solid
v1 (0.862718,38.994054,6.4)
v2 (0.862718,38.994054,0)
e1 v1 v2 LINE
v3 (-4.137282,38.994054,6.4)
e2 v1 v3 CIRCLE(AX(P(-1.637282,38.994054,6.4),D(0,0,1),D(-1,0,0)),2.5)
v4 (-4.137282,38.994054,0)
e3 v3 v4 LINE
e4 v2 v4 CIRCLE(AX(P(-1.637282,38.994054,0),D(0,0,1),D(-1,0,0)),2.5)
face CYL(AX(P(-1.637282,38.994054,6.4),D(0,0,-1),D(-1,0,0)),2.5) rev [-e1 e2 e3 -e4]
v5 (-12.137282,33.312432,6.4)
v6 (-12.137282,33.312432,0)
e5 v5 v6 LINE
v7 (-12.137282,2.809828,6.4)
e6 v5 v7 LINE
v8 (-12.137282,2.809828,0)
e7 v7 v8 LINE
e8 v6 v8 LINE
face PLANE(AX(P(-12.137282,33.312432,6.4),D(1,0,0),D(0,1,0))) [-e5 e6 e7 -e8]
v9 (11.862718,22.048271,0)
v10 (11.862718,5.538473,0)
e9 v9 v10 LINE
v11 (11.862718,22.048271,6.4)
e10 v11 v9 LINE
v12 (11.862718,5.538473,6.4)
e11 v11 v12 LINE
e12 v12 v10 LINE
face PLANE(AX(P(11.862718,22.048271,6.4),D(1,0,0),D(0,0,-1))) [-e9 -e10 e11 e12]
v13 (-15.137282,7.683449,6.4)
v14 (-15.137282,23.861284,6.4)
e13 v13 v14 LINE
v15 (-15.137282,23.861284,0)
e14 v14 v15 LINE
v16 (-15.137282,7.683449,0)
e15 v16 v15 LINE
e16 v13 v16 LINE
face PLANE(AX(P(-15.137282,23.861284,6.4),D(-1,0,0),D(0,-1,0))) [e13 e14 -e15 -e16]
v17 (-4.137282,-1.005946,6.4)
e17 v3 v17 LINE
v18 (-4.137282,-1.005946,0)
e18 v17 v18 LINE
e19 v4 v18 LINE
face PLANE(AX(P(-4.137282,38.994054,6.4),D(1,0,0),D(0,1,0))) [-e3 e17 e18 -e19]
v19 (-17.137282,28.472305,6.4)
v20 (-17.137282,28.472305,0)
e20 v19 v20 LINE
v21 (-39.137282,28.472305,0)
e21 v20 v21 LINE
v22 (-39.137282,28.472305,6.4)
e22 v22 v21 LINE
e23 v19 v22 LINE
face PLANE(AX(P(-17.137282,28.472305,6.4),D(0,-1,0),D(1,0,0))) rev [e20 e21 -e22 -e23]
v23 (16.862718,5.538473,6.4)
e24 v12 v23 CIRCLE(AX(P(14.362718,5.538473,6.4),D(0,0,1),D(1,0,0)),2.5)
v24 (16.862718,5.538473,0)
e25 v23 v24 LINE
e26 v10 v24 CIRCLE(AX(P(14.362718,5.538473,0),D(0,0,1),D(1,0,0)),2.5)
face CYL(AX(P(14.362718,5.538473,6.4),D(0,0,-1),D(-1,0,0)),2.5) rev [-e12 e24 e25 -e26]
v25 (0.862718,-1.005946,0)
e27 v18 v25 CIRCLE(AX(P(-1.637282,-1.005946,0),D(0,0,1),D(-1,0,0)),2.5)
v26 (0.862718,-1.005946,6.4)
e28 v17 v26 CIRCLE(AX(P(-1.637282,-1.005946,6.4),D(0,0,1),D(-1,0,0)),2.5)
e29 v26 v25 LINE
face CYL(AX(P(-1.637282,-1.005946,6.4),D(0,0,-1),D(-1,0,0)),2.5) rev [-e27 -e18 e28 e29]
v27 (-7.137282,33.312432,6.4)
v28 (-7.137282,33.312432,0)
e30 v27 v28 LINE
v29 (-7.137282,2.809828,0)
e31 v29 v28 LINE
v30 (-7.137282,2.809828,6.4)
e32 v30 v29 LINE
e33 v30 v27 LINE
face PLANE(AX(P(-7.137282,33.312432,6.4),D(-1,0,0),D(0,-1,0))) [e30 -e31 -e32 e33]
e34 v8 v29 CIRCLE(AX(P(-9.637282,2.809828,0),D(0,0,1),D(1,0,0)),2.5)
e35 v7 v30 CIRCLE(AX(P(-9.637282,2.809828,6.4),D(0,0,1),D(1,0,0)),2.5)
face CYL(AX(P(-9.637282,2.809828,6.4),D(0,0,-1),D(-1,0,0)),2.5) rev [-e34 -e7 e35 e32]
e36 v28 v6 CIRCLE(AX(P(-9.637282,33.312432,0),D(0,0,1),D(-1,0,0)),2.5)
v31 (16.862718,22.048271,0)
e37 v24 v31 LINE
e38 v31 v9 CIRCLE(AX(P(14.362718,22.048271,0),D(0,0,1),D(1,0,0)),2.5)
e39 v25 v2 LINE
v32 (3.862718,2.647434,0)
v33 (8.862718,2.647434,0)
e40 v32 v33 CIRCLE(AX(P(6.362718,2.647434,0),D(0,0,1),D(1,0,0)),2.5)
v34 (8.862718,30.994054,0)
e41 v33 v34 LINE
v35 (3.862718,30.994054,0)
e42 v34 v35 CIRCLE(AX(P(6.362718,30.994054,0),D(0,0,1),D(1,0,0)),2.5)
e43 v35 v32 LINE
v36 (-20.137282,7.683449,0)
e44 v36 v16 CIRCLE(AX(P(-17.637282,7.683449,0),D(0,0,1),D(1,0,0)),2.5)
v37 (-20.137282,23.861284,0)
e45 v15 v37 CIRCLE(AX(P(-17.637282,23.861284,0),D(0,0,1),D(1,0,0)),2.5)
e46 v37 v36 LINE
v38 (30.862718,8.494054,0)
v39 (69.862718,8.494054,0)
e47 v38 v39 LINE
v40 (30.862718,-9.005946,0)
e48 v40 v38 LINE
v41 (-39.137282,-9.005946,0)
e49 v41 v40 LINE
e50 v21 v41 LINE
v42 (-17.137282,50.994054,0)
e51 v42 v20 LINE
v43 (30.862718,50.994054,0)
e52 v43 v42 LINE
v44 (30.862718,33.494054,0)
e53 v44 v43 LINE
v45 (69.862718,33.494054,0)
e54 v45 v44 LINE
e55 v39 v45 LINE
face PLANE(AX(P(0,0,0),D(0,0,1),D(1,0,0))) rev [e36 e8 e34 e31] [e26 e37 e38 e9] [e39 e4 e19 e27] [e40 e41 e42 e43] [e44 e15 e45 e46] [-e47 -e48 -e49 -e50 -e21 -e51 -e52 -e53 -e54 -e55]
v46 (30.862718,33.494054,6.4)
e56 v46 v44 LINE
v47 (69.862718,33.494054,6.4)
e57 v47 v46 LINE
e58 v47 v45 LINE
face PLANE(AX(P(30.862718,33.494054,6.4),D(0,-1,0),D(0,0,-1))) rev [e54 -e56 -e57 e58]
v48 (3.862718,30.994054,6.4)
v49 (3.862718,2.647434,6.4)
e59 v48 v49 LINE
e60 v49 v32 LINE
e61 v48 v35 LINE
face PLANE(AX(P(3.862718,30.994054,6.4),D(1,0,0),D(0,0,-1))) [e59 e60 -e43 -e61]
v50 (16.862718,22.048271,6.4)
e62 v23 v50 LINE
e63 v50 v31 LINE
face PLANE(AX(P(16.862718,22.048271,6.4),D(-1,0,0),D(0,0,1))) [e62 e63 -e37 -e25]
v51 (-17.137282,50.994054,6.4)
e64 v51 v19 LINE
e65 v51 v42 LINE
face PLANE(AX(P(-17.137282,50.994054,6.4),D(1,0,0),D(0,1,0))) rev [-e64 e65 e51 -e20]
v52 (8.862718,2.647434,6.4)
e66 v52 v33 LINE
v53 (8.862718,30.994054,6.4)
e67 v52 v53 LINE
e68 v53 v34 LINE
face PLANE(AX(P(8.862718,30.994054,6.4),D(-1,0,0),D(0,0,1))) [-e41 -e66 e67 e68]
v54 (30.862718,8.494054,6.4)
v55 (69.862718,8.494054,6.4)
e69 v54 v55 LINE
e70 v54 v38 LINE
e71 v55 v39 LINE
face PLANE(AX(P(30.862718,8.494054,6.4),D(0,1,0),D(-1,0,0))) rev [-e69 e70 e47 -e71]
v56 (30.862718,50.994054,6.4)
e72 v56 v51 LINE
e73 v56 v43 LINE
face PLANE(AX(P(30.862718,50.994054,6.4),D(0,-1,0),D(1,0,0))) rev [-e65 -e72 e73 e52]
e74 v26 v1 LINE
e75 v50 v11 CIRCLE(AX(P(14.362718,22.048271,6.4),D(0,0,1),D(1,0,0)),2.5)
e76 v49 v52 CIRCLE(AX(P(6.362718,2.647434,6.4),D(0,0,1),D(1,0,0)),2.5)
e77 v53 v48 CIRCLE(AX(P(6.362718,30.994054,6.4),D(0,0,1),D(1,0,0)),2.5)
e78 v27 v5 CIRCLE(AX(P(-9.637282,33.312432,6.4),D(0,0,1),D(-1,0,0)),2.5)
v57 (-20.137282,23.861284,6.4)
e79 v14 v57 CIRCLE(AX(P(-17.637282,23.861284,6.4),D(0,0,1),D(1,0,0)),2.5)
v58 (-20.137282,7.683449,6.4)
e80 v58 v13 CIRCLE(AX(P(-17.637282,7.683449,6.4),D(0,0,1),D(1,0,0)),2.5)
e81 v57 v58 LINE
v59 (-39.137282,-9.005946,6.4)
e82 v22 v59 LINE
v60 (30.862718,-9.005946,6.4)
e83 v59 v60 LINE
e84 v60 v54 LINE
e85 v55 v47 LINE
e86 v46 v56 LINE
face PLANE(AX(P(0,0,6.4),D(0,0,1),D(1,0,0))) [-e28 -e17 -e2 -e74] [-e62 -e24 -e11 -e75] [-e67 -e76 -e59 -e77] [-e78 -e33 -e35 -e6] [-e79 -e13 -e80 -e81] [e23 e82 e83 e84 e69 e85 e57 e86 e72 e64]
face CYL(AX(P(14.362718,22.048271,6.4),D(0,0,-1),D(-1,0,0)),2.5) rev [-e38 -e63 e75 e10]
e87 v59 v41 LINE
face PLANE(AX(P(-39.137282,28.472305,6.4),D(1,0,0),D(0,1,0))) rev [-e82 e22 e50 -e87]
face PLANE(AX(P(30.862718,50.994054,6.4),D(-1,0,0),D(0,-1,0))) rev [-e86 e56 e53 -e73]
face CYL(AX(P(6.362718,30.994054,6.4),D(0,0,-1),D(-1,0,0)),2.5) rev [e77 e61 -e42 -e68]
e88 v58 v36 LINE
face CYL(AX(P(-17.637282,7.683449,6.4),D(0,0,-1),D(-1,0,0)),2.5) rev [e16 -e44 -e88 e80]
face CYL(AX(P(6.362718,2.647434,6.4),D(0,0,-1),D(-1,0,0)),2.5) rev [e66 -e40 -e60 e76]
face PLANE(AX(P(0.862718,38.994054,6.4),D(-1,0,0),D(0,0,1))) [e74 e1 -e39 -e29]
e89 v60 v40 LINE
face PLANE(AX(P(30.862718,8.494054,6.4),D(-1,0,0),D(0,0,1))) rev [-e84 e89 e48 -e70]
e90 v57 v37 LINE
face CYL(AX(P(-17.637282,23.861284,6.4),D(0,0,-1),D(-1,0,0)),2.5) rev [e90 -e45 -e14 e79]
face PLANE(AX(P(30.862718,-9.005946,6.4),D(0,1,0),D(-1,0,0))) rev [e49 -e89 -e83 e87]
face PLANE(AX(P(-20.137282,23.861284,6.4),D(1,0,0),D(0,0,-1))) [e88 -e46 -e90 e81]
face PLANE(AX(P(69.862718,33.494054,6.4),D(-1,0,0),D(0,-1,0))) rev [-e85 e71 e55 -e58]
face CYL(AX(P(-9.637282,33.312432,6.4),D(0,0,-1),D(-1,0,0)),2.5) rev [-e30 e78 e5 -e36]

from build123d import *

# Parameters (mm, degrees)
BOSS_EXTRUDE1_DEPTH = 6.4


with BuildPart() as part:
    # Sketch1 → Boss-Extrude1 (new body)
    with BuildSketch(Plane.XY):
        Polygon((30.862718171, 33.494054131), (69.862718171, 33.494054131), (69.862718171, 8.494054131), (30.862718171, 8.494054131), (30.862718171, -9.005945869), (-39.137281829, -9.005945869), (-39.137281829, 28.472304637), (-17.137281829, 28.472304637), (-17.137281829, 50.994054131), (30.862718171, 50.994054131), align=None)
        with BuildLine():
            Line((-4.137281829, 38.994054131), (-4.137281829, -1.005945869))
            ThreePointArc((-4.137281829, -1.005945869), (-1.637281829, -3.505945869), (0.862718171, -1.005945869))
            Line((0.862718171, -1.005945869), (0.862718171, 38.994054131))
            ThreePointArc((0.862718171, 38.994054131), (-1.637281829, 41.494054131), (-4.137281829, 38.994054131))
        make_face(mode=Mode.SUBTRACT)
        with BuildLine():
            Line((-12.137281829, 33.312431903), (-12.137281829, 2.809827896))
            ThreePointArc((-12.137281829, 2.809827896), (-9.637281829, 0.309827896), (-7.137281829, 2.809827896))
            Line((-7.137281829, 2.809827896), (-7.137281829, 33.312431903))
            ThreePointArc((-7.137281829, 33.312431903), (-9.637281829, 35.812431903), (-12.137281829, 33.312431903))
        make_face(mode=Mode.SUBTRACT)
        with BuildLine():
            Line((-15.137281829, 23.861283589), (-15.137281829, 7.683449462))
            ThreePointArc((-15.137281829, 7.683449462), (-17.637281829, 5.183449462), (-20.137281829, 7.683449462))
            Line((-20.137281829, 7.683449462), (-20.137281829, 23.861283589))
            ThreePointArc((-20.137281829, 23.861283589), (-17.637281829, 26.361283589), (-15.137281829, 23.861283589))
        make_face(mode=Mode.SUBTRACT)
        with BuildLine():
            Line((3.862718171, 30.994054131), (3.862718171, 2.647434443))
            ThreePointArc((3.862718171, 2.647434443), (6.362718171, 0.147434443), (8.862718171, 2.647434443))
            Line((8.862718171, 2.647434443), (8.862718171, 30.994054131))
            ThreePointArc((8.862718171, 30.994054131), (6.362718171, 33.494054131), (3.862718171, 30.994054131))
        make_face(mode=Mode.SUBTRACT)
        with BuildLine():
            Line((11.862718171, 22.048271006), (11.862718171, 5.538473012))
            ThreePointArc((11.862718171, 5.538473012), (14.362718171, 3.038473012), (16.862718171, 5.538473012))
            Line((16.862718171, 5.538473012), (16.862718171, 22.048271006))
            ThreePointArc((16.862718171, 22.048271006), (14.362718171, 24.548271006), (11.862718171, 22.048271006))
        make_face(mode=Mode.SUBTRACT)
    extrude(amount=BOSS_EXTRUDE1_DEPTH)


solid = part.part
